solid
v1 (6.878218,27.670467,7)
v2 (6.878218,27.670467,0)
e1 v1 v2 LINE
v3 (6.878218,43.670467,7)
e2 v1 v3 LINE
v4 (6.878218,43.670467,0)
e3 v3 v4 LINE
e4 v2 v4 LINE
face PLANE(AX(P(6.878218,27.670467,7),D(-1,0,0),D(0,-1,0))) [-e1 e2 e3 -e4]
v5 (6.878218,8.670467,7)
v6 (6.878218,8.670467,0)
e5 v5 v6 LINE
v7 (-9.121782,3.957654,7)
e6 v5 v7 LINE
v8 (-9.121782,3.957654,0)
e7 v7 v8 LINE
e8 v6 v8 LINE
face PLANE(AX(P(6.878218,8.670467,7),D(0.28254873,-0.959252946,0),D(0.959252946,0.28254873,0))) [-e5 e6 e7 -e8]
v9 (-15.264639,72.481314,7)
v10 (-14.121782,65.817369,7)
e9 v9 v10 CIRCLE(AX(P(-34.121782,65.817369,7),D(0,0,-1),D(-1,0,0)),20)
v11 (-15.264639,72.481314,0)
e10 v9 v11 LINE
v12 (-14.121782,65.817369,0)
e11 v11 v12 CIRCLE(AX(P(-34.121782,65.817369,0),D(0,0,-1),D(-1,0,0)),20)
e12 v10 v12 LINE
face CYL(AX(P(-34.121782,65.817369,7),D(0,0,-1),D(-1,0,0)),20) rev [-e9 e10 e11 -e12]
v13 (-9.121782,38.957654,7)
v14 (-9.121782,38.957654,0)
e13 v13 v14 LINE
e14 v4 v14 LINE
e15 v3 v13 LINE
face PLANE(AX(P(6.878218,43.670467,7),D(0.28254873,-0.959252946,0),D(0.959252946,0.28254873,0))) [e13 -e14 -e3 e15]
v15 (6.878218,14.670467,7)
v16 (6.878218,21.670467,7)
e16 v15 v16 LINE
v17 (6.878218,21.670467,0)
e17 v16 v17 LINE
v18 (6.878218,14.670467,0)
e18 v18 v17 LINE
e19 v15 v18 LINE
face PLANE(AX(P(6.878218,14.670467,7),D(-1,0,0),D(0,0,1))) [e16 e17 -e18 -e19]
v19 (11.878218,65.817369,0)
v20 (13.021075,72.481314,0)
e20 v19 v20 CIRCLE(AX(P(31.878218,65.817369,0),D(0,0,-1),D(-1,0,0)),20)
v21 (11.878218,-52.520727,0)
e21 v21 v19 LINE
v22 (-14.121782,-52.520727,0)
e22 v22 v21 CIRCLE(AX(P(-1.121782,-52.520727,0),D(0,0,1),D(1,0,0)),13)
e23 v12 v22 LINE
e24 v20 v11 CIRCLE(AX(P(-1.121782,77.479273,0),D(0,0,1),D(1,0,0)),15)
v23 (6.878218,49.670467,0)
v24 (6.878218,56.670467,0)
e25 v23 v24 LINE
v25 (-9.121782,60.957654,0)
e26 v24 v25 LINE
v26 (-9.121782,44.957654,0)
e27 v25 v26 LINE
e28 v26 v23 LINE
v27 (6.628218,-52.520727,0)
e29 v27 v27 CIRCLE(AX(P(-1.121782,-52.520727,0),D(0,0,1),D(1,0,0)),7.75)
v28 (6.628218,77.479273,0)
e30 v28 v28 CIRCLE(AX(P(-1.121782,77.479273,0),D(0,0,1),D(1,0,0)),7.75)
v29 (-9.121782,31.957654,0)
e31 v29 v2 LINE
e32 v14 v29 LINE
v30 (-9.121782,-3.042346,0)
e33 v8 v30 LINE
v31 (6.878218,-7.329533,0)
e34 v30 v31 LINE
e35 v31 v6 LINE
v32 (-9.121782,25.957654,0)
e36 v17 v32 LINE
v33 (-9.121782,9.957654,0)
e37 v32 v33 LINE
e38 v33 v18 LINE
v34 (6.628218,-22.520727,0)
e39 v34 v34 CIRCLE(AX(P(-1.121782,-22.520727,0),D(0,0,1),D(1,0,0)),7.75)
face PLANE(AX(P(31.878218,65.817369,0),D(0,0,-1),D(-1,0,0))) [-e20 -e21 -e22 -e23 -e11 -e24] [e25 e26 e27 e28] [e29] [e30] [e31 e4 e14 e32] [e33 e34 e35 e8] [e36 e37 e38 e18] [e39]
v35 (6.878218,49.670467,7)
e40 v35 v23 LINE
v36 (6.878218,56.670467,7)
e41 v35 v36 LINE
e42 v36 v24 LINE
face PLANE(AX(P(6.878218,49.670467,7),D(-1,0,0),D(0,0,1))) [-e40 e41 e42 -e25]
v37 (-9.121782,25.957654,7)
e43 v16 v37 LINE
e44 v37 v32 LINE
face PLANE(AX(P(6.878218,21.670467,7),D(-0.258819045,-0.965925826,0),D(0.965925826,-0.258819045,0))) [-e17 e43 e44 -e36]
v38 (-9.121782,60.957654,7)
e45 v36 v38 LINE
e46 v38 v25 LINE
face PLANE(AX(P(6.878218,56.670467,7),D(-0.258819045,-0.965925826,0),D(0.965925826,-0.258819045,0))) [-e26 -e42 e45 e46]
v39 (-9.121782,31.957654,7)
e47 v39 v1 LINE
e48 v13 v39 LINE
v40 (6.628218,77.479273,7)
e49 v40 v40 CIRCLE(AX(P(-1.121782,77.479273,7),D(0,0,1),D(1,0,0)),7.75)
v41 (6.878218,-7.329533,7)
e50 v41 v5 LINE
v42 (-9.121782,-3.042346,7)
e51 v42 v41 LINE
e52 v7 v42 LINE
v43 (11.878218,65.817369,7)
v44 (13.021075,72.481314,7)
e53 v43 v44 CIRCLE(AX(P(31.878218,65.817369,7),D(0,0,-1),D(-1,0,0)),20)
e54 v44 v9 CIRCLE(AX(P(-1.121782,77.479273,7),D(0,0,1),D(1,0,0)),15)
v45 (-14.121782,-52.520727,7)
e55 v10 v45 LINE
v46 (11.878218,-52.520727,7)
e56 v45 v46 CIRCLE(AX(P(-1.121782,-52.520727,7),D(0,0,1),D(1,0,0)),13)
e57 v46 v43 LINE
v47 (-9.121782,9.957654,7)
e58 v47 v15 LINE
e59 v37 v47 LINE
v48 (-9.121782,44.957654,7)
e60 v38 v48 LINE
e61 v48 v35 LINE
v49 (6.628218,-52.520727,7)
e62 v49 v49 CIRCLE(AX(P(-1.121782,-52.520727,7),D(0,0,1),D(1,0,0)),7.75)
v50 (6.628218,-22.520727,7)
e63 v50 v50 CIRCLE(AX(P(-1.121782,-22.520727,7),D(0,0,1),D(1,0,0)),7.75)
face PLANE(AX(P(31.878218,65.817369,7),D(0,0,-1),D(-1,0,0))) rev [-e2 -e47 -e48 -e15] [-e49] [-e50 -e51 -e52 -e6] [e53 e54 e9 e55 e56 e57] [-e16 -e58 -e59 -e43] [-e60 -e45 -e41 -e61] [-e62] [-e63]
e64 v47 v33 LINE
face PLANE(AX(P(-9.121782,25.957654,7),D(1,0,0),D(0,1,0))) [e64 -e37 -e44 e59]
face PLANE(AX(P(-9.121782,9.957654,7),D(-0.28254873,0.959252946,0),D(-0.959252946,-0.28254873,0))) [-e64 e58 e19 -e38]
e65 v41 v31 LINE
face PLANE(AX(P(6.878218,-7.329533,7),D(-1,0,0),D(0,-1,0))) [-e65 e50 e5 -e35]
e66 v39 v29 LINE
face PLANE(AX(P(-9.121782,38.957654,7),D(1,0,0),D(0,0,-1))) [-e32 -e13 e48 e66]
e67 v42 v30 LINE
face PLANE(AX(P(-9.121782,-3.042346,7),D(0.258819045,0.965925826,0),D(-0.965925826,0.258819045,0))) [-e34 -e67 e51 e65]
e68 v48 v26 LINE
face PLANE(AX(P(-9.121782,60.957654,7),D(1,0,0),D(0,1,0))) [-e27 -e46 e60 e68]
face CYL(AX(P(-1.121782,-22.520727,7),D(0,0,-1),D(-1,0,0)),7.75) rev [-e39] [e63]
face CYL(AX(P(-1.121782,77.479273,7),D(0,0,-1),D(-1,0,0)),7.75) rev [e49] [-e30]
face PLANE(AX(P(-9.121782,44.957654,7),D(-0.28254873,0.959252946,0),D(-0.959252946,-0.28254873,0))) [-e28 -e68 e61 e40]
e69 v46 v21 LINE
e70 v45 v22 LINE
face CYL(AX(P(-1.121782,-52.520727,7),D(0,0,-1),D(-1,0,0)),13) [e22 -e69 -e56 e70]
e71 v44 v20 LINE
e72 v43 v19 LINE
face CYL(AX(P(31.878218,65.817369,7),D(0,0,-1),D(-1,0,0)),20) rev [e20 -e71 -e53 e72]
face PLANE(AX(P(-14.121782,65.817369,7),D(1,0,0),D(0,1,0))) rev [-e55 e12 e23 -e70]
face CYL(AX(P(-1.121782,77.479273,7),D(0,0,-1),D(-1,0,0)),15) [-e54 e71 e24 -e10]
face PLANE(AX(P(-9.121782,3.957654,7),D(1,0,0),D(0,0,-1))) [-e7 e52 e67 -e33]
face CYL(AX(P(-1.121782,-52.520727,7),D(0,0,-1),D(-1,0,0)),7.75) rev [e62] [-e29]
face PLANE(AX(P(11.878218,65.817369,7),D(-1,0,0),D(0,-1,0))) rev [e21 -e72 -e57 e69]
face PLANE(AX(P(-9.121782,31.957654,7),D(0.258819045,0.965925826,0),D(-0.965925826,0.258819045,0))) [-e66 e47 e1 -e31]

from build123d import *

# Parameters (mm, degrees)
SKETCH1_R           = 7.75
BOSS_EXTRUDE1_DEPTH = 7


with BuildPart() as part:
    # Sketch1 → Boss-Extrude1 (new body)
    with BuildSketch(Plane.XY):
        with BuildLine():
            Line((-14.121781939, 65.817369233), (-14.121781939, -52.520726978))
            ThreePointArc((-14.121781939, -52.520726978), (-1.121781939, -65.520726978), (11.878218061, -52.520726978))
            Line((11.878218061, -52.520726978), (11.878218061, 65.817369233))
            ThreePointArc((11.878218061, 65.817369233), (12.166002849, 69.197986251), (13.021075204, 72.481314255))
            ThreePointArc((13.021075204, 72.481314255), (-1.121781939, 92.479273022), (-15.264639082, 72.481314255))
            ThreePointArc((-15.264639082, 72.481314255), (-14.409566727, 69.197986251), (-14.121781939, 65.817369233))
        make_face()
        with Locations((-1.121781939, -52.520726978)):
            Circle(SKETCH1_R, mode=Mode.SUBTRACT)
        with Locations((-1.121781939, -22.520726978)):
            Circle(SKETCH1_R, mode=Mode.SUBTRACT)
        with Locations((-1.121781939, 77.479273022)):
            Circle(SKETCH1_R, mode=Mode.SUBTRACT)
        Polygon((-9.121781939, 3.957653989), (-9.121781939, -3.042346011), (6.878218061, -7.32953309), (6.878218061, 8.67046691), align=None, mode=Mode.SUBTRACT)
        Polygon((-9.121781939, 31.957653989), (6.878218061, 27.67046691), (6.878218061, 43.67046691), (-9.121781939, 38.957653989), align=None, mode=Mode.SUBTRACT)
        Polygon((6.878218061, 56.67046691), (-9.121781939, 60.957653989), (-9.121781939, 44.957653989), (6.878218061, 49.67046691), align=None, mode=Mode.SUBTRACT)
        Polygon((-9.121781939, 9.957653989), (6.878218061, 14.67046691), (6.878218061, 21.67046691), (-9.121781939, 25.957653989), align=None, mode=Mode.SUBTRACT)
    extrude(amount=BOSS_EXTRUDE1_DEPTH)


solid = part.part
